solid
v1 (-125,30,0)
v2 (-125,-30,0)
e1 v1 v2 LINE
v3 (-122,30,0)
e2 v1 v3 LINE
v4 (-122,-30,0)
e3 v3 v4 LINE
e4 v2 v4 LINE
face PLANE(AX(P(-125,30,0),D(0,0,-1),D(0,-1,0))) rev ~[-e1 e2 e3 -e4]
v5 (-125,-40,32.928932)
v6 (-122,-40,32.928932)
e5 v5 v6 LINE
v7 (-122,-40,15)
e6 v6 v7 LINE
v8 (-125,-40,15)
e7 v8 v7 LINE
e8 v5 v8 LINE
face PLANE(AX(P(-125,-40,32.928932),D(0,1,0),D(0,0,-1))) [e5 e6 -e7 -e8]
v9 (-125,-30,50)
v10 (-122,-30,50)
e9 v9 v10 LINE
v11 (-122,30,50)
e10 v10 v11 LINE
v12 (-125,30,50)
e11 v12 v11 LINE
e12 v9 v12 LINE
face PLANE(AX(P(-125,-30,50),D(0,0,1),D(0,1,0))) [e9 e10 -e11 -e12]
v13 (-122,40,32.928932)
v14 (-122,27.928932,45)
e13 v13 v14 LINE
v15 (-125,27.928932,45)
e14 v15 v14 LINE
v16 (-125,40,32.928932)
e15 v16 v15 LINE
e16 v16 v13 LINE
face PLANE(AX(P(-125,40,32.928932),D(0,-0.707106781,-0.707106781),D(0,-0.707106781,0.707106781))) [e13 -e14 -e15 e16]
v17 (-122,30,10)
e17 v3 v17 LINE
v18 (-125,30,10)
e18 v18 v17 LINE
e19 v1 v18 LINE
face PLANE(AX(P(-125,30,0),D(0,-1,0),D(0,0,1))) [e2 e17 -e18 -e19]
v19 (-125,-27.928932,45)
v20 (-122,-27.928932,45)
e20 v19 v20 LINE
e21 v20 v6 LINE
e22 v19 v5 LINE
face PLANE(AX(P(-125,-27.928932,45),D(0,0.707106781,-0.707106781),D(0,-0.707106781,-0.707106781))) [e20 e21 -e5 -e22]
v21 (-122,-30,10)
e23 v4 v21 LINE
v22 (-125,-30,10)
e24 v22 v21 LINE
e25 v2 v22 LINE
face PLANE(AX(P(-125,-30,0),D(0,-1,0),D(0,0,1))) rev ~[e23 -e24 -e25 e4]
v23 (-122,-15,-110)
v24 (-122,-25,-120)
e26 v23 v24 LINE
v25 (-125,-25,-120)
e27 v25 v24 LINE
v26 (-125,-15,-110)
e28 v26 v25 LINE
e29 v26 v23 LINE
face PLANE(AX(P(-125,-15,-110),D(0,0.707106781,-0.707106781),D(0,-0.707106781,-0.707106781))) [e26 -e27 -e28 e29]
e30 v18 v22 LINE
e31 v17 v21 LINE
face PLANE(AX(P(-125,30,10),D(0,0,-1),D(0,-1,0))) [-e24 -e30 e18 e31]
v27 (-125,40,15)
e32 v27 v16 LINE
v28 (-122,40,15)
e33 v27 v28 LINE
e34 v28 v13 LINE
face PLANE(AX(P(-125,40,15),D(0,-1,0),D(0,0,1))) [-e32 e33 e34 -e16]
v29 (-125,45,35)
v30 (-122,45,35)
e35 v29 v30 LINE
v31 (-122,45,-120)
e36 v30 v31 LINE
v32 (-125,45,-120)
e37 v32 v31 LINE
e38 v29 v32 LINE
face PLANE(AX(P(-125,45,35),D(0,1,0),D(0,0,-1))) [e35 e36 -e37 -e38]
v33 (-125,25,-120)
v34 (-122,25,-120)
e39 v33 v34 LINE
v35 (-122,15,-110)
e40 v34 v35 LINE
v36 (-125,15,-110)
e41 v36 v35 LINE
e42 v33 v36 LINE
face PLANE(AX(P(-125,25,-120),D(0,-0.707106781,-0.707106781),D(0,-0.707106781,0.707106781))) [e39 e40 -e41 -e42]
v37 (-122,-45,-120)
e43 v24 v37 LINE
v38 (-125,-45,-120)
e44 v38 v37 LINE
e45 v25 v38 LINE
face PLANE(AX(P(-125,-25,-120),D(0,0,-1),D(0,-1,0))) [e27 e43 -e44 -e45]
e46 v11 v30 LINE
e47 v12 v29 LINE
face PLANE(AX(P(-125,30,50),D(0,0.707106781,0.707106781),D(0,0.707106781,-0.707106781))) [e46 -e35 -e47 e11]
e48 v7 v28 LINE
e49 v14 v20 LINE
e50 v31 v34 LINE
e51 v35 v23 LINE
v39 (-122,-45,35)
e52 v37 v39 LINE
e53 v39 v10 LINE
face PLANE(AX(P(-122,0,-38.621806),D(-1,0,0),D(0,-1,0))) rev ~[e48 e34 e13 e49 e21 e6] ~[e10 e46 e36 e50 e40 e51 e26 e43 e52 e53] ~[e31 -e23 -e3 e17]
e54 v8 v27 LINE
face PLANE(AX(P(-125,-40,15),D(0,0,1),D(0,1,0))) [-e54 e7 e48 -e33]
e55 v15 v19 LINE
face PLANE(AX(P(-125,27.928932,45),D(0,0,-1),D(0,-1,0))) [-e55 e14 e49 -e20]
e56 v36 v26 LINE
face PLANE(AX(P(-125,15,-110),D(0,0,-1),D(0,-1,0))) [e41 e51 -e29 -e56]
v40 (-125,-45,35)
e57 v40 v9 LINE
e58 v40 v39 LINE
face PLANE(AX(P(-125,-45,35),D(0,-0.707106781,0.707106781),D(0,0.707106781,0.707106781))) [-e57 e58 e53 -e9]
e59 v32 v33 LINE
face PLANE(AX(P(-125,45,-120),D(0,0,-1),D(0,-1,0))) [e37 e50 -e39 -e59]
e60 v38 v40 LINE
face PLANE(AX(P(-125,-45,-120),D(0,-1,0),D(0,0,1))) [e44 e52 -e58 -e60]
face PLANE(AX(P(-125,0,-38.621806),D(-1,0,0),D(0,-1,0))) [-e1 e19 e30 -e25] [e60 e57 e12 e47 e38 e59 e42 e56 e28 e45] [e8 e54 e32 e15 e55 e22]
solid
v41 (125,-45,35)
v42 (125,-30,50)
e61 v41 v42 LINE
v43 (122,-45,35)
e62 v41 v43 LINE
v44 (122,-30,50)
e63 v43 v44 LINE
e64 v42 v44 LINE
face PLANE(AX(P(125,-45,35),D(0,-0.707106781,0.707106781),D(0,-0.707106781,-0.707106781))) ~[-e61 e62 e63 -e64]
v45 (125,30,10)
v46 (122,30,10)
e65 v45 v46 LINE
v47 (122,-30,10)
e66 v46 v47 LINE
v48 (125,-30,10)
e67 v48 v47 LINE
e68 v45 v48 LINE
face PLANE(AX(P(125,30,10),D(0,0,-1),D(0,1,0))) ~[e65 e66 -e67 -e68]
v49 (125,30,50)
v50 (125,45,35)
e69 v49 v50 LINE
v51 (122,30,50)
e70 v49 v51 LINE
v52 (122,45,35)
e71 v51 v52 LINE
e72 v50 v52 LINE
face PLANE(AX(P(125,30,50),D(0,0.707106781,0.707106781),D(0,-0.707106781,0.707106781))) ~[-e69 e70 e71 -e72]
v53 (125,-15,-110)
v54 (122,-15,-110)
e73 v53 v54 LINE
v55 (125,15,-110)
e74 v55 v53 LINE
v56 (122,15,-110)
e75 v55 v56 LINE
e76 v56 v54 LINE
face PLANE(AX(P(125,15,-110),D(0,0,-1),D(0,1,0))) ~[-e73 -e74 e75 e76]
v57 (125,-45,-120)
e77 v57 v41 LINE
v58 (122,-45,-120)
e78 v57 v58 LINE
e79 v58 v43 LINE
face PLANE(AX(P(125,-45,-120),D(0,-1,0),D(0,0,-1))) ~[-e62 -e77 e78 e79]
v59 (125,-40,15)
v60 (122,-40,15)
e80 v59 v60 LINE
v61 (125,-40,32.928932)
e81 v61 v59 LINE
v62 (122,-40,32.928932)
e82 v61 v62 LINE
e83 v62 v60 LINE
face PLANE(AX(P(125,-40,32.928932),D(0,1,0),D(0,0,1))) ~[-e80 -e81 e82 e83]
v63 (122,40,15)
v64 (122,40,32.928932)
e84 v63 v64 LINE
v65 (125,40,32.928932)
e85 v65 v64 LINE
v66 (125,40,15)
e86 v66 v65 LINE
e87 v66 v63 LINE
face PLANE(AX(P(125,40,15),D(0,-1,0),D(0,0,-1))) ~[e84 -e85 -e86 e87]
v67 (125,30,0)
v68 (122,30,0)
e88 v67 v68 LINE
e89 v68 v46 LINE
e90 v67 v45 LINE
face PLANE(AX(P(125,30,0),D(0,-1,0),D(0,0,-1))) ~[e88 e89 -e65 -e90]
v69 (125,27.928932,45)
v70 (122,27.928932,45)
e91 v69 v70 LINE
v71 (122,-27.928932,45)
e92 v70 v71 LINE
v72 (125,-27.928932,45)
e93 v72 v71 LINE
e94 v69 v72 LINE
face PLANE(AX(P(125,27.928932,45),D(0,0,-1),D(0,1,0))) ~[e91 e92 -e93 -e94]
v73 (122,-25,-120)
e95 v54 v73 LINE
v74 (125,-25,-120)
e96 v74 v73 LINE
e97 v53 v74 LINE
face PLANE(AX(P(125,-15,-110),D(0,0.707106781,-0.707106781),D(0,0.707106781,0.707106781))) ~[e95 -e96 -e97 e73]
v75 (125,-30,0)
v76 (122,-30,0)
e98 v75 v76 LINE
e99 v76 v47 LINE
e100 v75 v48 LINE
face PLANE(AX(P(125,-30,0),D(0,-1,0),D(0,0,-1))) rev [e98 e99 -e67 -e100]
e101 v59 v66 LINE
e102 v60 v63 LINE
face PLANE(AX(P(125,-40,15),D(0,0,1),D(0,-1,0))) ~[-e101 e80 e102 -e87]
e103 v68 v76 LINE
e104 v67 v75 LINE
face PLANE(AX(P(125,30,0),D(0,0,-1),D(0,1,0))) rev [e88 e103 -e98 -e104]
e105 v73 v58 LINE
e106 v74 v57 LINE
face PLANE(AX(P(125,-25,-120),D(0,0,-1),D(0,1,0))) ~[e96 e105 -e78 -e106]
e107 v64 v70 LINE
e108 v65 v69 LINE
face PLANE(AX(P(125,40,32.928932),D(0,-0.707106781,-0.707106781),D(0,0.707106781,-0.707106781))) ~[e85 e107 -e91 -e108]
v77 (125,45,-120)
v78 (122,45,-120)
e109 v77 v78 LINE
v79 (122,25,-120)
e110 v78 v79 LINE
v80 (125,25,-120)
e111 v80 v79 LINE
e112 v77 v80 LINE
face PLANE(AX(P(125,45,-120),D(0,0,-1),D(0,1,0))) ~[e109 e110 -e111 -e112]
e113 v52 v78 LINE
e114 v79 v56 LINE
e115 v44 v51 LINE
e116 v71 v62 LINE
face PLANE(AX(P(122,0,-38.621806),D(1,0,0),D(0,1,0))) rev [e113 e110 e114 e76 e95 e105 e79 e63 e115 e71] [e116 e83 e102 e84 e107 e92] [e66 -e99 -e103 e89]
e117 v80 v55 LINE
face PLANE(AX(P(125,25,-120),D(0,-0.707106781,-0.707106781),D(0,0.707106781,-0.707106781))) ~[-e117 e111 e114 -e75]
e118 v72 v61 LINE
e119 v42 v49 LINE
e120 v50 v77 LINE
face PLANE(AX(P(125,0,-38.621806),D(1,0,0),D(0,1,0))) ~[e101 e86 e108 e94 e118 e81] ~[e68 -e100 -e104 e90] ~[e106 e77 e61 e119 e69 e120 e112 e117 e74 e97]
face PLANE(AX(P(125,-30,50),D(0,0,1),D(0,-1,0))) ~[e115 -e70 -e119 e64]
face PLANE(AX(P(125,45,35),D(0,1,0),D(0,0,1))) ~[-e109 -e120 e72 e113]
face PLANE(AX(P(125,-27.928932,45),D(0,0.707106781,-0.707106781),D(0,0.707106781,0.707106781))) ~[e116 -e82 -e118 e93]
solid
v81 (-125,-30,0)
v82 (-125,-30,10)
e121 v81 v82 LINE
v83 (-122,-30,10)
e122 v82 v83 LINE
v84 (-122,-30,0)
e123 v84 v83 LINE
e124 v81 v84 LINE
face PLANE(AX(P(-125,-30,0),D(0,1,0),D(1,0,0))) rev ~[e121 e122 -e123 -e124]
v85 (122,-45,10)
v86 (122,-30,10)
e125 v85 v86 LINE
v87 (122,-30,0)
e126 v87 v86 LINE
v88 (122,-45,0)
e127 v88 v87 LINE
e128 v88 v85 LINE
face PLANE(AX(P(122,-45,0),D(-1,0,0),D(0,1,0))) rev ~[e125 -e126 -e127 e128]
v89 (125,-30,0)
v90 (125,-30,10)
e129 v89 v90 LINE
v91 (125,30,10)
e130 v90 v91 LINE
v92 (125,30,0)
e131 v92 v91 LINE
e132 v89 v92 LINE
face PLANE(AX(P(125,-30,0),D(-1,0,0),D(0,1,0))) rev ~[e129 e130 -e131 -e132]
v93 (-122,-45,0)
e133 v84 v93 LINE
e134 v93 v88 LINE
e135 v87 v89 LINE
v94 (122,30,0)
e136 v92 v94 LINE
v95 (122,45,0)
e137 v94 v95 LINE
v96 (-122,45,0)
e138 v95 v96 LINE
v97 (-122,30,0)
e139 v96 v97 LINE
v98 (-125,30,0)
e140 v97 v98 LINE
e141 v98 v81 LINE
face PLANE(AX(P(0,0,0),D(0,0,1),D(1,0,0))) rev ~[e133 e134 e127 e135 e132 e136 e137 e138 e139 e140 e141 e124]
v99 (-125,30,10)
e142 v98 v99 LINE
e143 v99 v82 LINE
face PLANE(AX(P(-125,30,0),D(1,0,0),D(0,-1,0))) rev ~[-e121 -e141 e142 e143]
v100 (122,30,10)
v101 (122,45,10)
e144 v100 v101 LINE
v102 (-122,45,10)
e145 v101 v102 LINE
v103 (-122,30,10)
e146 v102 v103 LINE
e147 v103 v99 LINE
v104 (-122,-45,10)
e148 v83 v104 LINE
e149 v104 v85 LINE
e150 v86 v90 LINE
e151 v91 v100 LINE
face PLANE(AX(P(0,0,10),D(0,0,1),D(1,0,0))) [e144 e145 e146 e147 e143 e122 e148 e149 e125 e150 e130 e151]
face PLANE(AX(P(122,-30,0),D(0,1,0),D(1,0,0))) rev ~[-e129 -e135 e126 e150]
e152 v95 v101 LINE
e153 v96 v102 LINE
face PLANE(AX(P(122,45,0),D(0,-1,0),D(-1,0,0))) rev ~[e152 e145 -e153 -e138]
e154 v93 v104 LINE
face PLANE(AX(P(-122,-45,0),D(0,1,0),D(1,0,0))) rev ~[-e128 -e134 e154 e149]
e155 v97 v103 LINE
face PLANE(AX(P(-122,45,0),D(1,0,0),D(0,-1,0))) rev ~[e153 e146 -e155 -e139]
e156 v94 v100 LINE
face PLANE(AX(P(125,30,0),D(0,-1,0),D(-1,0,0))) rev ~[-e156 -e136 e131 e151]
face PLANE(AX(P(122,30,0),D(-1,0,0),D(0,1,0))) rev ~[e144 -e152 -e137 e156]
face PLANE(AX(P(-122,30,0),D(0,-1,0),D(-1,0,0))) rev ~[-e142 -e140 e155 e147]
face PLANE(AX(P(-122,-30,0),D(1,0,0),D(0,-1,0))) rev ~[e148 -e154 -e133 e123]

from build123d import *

# Parameters (mm, degrees)
F1_DEPTH = 10
F2_W     = 60
F2_H     = 10
F3_DEPTH = 3


with BuildPart() as f1:
    # F0 (on Top) → F1 (new body)
    with BuildSketch(Plane.XY):
        Polygon((-122, -30), (-122, -45), (122, -45), (122, -30), (125, -30), (125, 30), (122, 30), (122, 45), (-122, 45), (-122, 30), (-125, 30), (-125, -30), align=None)
    extrude(amount=F1_DEPTH)


with BuildPart() as f3:
    # F2 (on face) → F3 (new body)
    with BuildSketch(Plane(origin=(-125, 0, 0), x_dir=(0, -1, 0), z_dir=(-1, 0, 0))):
        Polygon((45, 35), (30, 50), (-30, 50), (-45, 35), (-45, -50), (-45, -120), (-25, -120), (-15, -110), (15, -110), (25, -120), (45, -120), (45, -50), align=None)
        with Locations((0, 5)):
            Rectangle(F2_W, F2_H, mode=Mode.SUBTRACT)
        Polygon((40, 15), (-40, 15), (-40, 32.928932), (-27.928932, 45), (27.928932, 45), (40, 32.928932), align=None, mode=Mode.SUBTRACT)
    extrude(amount=-F3_DEPTH)


with BuildPart() as f4_1:
    # F4: instance of F3
    add(f3.part.mirror(Plane.YZ))


solid = Compound([f1.part, f3.part, f4_1.part])
